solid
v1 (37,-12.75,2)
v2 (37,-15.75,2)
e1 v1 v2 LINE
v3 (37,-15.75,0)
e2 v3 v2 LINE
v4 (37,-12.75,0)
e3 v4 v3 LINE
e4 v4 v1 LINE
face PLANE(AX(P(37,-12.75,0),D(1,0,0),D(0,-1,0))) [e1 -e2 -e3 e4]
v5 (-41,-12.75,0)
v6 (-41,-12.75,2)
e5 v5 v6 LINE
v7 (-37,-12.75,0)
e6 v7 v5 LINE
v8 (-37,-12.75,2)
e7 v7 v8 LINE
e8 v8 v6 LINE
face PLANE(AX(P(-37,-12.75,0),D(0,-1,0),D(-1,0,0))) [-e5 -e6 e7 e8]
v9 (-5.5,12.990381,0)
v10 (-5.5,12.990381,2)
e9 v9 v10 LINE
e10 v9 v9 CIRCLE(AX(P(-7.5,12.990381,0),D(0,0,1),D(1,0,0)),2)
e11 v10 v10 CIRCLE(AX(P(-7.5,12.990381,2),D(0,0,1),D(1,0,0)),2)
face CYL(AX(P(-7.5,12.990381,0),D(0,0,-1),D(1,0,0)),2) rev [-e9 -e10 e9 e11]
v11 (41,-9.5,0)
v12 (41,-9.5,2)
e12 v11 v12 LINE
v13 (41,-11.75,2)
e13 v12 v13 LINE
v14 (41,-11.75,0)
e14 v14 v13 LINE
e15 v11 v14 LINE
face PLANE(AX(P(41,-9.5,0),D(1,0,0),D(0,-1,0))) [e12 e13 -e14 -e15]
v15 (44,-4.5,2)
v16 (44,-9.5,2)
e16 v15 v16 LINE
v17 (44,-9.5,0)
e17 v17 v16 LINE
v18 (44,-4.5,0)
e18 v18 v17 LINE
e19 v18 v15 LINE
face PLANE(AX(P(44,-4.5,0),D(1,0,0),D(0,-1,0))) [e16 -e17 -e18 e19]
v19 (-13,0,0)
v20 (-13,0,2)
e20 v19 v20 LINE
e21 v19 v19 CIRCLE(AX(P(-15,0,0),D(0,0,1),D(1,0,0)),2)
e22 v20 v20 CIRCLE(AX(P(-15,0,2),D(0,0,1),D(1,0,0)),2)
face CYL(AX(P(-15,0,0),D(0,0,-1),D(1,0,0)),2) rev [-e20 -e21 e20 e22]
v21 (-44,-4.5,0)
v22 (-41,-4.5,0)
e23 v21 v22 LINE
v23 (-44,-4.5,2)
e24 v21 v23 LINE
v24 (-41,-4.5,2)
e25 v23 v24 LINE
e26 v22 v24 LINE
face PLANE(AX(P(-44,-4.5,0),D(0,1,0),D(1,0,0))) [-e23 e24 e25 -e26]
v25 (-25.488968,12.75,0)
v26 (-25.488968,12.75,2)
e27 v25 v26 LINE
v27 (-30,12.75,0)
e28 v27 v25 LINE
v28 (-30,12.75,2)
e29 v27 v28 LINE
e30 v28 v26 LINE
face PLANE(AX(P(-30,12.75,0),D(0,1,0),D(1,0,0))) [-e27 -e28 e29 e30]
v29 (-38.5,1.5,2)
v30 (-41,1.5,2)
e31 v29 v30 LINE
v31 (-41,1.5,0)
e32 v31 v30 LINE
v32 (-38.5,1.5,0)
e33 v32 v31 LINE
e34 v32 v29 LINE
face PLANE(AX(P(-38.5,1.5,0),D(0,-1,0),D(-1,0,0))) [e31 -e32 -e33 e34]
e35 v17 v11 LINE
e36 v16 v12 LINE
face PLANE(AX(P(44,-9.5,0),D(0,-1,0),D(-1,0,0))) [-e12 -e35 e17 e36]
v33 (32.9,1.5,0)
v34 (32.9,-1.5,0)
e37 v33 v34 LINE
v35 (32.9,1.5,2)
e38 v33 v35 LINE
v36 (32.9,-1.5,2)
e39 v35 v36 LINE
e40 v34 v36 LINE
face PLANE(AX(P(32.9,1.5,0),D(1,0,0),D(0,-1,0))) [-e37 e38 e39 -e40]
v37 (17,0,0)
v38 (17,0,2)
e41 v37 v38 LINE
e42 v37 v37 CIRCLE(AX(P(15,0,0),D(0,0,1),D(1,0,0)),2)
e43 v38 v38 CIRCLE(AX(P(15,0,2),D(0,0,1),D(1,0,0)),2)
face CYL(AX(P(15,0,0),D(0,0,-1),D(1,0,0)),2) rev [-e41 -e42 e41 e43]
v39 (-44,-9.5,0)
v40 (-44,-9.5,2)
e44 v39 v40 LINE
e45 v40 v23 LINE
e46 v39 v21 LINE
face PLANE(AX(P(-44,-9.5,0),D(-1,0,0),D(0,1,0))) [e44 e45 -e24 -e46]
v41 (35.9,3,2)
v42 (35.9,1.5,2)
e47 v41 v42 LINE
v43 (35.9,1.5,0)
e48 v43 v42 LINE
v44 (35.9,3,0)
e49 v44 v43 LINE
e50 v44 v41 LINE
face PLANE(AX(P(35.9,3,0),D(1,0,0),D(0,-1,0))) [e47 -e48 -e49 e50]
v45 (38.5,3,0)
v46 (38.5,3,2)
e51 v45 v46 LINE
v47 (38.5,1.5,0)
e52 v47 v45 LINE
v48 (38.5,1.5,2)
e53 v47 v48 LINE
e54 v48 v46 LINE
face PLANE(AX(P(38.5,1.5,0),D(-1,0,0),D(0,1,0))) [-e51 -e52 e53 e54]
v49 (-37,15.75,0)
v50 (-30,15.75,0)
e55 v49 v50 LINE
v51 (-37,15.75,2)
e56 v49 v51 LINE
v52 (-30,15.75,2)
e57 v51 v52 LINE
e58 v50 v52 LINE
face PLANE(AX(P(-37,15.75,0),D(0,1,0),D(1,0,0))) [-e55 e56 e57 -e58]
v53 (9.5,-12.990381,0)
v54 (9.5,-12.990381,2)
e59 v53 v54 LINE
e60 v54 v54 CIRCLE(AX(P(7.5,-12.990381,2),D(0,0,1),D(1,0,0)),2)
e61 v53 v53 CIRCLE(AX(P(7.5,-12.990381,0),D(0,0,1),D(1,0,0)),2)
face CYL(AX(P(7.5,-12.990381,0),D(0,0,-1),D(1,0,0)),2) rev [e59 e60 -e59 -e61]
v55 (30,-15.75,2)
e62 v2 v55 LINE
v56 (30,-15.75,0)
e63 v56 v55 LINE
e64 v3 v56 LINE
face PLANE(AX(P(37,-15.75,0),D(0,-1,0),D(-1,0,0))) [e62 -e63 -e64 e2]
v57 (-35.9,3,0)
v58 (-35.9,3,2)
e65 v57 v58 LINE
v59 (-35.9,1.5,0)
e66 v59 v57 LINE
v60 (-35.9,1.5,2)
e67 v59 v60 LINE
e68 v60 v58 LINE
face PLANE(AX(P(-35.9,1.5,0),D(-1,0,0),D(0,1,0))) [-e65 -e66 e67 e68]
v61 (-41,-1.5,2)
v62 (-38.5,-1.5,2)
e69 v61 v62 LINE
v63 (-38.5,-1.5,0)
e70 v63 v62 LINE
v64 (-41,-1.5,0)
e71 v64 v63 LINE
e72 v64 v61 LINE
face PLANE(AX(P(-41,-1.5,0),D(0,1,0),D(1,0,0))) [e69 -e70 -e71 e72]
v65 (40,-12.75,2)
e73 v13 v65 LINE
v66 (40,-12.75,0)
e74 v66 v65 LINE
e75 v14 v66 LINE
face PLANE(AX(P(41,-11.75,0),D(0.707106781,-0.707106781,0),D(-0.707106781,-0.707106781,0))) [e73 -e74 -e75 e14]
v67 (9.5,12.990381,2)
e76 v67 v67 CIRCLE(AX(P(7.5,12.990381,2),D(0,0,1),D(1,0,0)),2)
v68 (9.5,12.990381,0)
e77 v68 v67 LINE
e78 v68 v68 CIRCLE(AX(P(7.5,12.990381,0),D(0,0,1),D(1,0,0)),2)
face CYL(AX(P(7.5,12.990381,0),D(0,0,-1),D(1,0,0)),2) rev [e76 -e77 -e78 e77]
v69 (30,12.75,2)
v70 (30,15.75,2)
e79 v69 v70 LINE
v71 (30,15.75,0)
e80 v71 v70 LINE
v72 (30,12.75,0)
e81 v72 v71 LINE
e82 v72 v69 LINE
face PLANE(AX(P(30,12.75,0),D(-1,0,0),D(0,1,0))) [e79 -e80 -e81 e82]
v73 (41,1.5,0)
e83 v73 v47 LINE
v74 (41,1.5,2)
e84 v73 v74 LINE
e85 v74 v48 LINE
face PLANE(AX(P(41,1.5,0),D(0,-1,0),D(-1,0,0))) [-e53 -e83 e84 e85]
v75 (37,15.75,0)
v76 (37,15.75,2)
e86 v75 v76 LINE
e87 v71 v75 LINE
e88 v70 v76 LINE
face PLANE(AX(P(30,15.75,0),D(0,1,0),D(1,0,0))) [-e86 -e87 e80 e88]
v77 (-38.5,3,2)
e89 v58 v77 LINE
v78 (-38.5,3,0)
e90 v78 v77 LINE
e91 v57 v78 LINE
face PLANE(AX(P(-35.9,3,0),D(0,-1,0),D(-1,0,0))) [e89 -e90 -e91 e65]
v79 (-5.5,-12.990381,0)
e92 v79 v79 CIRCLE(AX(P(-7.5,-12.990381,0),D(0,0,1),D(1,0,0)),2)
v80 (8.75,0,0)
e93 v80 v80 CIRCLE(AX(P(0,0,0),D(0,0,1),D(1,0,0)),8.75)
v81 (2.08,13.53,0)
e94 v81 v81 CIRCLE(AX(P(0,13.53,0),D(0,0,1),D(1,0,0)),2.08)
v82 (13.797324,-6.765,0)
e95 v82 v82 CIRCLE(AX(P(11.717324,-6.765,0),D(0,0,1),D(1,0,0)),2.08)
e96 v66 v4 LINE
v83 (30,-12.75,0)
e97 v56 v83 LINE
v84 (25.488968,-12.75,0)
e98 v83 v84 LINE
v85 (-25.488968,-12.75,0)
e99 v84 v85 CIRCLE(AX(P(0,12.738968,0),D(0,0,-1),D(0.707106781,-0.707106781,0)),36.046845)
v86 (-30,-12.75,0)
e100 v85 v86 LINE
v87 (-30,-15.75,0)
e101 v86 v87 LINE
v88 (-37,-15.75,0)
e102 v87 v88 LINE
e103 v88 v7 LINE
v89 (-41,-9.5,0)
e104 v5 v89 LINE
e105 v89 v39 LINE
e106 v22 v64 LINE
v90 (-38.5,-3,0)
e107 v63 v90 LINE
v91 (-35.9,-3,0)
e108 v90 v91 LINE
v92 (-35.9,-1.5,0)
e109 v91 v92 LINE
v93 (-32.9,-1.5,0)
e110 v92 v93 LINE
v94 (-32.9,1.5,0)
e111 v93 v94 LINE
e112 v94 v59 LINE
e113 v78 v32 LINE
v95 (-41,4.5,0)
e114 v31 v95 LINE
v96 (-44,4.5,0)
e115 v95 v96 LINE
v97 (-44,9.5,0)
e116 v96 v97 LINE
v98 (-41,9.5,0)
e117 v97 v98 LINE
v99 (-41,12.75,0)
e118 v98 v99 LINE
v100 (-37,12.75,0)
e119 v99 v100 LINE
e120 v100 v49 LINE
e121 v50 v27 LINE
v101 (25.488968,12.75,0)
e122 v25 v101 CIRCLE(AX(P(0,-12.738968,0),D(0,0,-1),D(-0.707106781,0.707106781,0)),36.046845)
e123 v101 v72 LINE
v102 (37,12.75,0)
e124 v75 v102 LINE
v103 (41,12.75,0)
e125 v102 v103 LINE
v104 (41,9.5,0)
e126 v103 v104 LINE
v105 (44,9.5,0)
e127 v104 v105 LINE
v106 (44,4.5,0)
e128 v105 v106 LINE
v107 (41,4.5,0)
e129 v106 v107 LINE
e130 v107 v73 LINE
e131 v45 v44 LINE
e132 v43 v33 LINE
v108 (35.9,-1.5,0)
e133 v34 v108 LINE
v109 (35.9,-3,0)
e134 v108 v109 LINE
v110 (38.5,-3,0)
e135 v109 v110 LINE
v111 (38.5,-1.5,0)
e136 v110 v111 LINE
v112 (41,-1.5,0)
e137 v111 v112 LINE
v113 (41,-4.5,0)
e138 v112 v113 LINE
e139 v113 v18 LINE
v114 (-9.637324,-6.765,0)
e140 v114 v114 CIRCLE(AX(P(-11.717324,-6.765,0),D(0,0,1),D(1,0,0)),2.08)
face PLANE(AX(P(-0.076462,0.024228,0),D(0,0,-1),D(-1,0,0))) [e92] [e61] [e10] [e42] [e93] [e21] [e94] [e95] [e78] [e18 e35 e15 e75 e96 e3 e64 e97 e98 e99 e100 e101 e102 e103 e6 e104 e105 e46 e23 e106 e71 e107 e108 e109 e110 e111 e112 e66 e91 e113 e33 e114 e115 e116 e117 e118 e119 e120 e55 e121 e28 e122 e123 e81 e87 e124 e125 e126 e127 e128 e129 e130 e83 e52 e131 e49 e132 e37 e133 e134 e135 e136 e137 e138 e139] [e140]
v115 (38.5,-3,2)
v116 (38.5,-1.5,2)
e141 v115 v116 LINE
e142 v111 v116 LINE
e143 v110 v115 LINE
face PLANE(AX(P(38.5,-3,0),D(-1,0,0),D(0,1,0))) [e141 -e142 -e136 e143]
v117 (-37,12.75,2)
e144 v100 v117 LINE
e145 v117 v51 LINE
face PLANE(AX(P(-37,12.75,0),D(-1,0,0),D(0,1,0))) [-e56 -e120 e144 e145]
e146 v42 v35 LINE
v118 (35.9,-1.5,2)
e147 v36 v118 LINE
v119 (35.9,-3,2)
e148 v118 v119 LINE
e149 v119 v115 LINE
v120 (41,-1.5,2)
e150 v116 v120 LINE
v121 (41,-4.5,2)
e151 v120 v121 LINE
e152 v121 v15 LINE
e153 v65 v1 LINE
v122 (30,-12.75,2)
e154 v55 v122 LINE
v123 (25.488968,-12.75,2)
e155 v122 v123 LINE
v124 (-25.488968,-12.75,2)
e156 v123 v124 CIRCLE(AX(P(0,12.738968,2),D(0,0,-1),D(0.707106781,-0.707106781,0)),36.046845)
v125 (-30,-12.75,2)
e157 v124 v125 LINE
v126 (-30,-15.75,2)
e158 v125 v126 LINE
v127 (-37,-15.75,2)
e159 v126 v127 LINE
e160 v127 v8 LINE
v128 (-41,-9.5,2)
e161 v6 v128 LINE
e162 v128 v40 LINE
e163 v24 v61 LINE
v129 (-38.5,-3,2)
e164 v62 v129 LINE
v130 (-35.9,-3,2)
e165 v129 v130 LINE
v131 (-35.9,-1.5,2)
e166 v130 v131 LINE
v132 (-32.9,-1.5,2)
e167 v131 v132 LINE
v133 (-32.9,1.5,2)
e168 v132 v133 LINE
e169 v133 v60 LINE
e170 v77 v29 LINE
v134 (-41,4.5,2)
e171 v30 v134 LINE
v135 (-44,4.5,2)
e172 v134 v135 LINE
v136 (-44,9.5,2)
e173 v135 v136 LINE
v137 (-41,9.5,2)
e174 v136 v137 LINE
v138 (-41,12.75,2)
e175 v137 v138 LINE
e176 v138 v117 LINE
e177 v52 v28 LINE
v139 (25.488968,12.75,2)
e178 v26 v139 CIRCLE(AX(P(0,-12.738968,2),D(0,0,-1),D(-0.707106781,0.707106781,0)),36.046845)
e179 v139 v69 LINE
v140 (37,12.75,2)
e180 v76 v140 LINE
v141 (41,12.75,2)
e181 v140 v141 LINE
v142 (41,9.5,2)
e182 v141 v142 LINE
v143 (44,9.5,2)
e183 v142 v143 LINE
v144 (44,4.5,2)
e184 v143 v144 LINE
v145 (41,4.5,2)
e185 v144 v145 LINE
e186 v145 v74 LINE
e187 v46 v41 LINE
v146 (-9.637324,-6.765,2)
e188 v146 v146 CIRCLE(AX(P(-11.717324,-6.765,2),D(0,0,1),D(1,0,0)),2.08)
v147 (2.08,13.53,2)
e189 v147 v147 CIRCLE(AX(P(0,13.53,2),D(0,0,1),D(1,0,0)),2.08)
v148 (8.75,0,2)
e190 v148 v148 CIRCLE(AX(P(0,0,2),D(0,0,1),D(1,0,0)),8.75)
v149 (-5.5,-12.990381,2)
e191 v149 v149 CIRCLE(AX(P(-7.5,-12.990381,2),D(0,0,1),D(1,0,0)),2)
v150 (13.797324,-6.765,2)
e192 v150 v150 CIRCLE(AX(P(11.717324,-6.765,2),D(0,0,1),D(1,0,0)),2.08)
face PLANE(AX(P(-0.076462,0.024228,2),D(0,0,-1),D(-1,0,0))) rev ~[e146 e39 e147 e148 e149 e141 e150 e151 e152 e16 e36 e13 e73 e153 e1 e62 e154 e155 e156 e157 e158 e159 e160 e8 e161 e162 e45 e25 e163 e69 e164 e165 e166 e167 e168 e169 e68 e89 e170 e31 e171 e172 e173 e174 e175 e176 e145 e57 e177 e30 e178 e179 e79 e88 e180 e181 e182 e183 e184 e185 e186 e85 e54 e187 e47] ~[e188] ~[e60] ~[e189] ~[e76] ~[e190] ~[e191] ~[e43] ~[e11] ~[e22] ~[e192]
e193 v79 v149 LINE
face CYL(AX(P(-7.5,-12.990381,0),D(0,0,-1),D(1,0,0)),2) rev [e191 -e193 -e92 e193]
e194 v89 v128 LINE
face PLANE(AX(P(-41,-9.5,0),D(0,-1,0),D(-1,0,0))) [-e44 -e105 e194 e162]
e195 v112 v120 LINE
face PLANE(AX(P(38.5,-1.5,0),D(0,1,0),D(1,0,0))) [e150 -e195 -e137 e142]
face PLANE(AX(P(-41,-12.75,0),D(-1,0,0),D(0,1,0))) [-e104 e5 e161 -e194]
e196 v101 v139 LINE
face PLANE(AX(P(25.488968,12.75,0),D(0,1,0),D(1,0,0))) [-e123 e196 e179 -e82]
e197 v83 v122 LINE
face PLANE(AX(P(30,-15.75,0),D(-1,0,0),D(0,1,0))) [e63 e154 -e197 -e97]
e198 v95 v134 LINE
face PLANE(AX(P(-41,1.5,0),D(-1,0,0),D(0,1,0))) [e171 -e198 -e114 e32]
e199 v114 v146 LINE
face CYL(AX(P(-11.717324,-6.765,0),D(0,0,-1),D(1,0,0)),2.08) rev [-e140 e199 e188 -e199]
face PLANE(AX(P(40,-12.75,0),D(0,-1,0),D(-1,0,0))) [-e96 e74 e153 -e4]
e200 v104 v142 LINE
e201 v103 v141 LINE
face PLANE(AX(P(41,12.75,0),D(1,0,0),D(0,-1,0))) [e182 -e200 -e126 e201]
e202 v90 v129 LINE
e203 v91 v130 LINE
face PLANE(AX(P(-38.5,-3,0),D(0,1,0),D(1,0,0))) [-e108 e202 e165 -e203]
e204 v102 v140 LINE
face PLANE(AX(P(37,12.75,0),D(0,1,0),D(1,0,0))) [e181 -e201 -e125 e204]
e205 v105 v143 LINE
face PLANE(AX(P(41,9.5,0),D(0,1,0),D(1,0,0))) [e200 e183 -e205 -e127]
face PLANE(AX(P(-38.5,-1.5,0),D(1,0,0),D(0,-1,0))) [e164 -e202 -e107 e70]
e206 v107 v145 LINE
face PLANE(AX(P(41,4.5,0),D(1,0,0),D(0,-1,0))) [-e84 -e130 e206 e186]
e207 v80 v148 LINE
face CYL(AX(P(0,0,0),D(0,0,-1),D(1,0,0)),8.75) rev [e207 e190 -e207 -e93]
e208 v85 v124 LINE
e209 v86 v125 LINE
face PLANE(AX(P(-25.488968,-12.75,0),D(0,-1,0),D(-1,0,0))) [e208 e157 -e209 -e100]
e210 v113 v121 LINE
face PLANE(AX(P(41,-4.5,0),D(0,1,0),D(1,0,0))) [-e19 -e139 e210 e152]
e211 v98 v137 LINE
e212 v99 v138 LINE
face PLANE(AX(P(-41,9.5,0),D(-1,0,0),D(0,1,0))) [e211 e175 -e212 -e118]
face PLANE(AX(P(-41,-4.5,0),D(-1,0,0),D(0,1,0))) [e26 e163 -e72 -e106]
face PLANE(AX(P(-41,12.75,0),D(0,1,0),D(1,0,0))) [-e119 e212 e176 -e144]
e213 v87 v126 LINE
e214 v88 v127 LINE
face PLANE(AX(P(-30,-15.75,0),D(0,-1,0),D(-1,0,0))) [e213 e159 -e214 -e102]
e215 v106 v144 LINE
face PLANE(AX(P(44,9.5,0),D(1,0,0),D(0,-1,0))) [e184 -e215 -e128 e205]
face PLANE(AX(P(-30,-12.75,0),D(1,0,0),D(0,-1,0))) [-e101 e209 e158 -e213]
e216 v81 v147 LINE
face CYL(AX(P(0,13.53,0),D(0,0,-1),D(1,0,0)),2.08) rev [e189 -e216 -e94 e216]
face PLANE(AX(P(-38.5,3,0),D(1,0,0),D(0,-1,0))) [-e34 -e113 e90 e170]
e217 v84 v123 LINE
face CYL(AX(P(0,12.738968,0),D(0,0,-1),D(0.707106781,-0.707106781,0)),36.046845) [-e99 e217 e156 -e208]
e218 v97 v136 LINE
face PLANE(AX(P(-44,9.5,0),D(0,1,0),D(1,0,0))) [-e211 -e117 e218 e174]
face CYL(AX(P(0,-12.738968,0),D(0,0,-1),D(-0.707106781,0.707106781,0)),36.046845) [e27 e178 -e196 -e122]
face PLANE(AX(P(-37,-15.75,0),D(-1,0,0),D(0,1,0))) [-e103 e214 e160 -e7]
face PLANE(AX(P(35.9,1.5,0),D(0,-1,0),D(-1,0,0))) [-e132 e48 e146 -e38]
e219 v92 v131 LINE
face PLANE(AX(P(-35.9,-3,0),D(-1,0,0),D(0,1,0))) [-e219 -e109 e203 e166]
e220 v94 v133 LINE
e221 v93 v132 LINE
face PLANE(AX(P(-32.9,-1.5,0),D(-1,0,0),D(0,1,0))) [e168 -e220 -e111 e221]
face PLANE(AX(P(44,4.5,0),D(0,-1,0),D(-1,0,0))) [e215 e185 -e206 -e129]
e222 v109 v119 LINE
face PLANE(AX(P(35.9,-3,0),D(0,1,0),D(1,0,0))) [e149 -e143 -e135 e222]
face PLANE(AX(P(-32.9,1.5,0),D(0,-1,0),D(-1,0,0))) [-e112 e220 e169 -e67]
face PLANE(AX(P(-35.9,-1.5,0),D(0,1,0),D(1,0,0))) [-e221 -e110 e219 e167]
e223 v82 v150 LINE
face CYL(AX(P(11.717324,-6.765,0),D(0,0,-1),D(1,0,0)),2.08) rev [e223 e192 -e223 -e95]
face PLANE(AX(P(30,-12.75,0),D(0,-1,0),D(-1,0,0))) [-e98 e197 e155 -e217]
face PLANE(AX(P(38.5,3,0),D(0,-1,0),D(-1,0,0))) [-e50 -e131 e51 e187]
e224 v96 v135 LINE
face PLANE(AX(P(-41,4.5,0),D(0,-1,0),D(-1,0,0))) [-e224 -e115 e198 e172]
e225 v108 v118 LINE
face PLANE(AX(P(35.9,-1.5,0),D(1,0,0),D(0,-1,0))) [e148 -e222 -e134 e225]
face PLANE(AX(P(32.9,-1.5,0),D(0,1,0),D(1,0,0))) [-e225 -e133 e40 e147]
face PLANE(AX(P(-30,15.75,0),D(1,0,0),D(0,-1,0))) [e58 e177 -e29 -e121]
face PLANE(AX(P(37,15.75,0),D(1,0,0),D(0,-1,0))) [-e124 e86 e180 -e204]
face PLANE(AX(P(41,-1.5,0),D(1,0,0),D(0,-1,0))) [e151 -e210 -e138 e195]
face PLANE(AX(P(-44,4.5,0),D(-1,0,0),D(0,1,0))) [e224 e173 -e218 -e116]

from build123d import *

# Parameters (mm, degrees)
SKETCH_1_R      = 2
SKETCH_1_R_2    = 2.08
SKETCH_1_R_3    = 8.75
EXTRUDE_2_DEPTH = 2


with BuildPart() as part:
    # 草图1 → 凸台-拉伸2 (new body)
    with BuildSketch(Plane.XY):
        with BuildLine():
            Line((-30, 12.75), (-25.488968202, 12.75))
            ThreePointArc((-25.488968202, 12.75), (0, 23.30787632), (25.488968202, 12.75))
            Line((25.488968202, 12.75), (30, 12.75))
            Line((30, 12.75), (30, 15.75))
            Line((30, 15.75), (37, 15.75))
            Line((37, 15.75), (37, 12.75))
            Line((37, 12.75), (41, 12.75))
            Line((41, 12.75), (41, 9.5))
            Line((41, 9.5), (44, 9.5))
            Line((44, 9.5), (44, 4.5))
            Line((44, 4.5), (41, 4.5))
            Line((41, 4.5), (41, 1.5))
            Line((41, 1.5), (38.5, 1.5))
            Line((38.5, 1.5), (38.5, 3))
            Line((38.5, 3), (35.9, 3))
            Line((35.9, 3), (35.9, 1.5))
            Line((35.9, 1.5), (32.9, 1.5))
            Line((32.9, 1.5), (32.9, -1.5))
            Line((32.9, -1.5), (35.9, -1.5))
            Line((35.9, -1.5), (35.9, -3))
            Line((35.9, -3), (38.5, -3))
            Line((38.5, -3), (38.5, -1.5))
            Line((38.5, -1.5), (41, -1.5))
            Line((41, -1.5), (41, -4.5))
            Line((41, -4.5), (44, -4.5))
            Line((44, -4.5), (44, -9.5))
            Line((44, -9.5), (41, -9.5))
            Line((41, -9.5), (41, -11.75))
            Line((41, -11.75), (40, -12.75))
            Line((40, -12.75), (37, -12.75))
            Line((37, -12.75), (37, -15.75))
            Line((37, -15.75), (30, -15.75))
            Line((30, -15.75), (30, -12.75))
            Line((30, -12.75), (25.488968202, -12.75))
            ThreePointArc((25.488968202, -12.75), (0, -23.30787632), (-25.488968202, -12.75))
            Line((-25.488968202, -12.75), (-30, -12.75))
            Line((-30, -12.75), (-30, -15.75))
            Line((-30, -15.75), (-37, -15.75))
            Line((-37, -15.75), (-37, -12.75))
            Line((-37, -12.75), (-41, -12.75))
            Line((-41, -12.75), (-41, -9.5))
            Line((-41, -9.5), (-44, -9.5))
            Line((-44, -9.5), (-44, -4.5))
            Line((-44, -4.5), (-41, -4.5))
            Line((-41, -4.5), (-41, -1.5))
            Line((-41, -1.5), (-38.5, -1.5))
            Line((-38.5, -1.5), (-38.5, -3))
            Line((-38.5, -3), (-35.9, -3))
            Line((-35.9, -3), (-35.9, -1.5))
            Line((-35.9, -1.5), (-32.9, -1.5))
            Line((-32.9, -1.5), (-32.9, 1.5))
            Line((-32.9, 1.5), (-35.9, 1.5))
            Line((-35.9, 1.5), (-35.9, 3))
            Line((-35.9, 3), (-38.5, 3))
            Line((-38.5, 3), (-38.5, 1.5))
            Line((-38.5, 1.5), (-41, 1.5))
            Line((-41, 1.5), (-41, 4.5))
            Line((-41, 4.5), (-44, 4.5))
            Line((-44, 4.5), (-44, 9.5))
            Line((-44, 9.5), (-41, 9.5))
            Line((-41, 9.5), (-41, 12.75))
            Line((-41, 12.75), (-37, 12.75))
            Line((-37, 12.75), (-37, 15.75))
            Line((-37, 15.75), (-30, 15.75))
            Line((-30, 15.75), (-30, 12.75))
        make_face()
        with Locations((-15, 0)):
            Circle(SKETCH_1_R, mode=Mode.SUBTRACT)
        with Locations((-7.5, 12.990381057)):
            Circle(SKETCH_1_R, mode=Mode.SUBTRACT)
        with Locations((7.5, 12.990381057)):
            Circle(SKETCH_1_R, mode=Mode.SUBTRACT)
        with Locations((15, 0)):
            Circle(SKETCH_1_R, mode=Mode.SUBTRACT)
        with Locations((7.5, -12.990381057)):
            Circle(SKETCH_1_R, mode=Mode.SUBTRACT)
        with Locations((-7.5, -12.990381057)):
            Circle(SKETCH_1_R, mode=Mode.SUBTRACT)
        with Locations((0, 13.53)):
            Circle(SKETCH_1_R_2, mode=Mode.SUBTRACT)
        with Locations((11.717323713, -6.765)):
            Circle(SKETCH_1_R_2, mode=Mode.SUBTRACT)
        with Locations((-11.717323713, -6.765)):
            Circle(SKETCH_1_R_2, mode=Mode.SUBTRACT)
        Circle(SKETCH_1_R_3, mode=Mode.SUBTRACT)
    extrude(amount=EXTRUDE_2_DEPTH)


solid = part.part
